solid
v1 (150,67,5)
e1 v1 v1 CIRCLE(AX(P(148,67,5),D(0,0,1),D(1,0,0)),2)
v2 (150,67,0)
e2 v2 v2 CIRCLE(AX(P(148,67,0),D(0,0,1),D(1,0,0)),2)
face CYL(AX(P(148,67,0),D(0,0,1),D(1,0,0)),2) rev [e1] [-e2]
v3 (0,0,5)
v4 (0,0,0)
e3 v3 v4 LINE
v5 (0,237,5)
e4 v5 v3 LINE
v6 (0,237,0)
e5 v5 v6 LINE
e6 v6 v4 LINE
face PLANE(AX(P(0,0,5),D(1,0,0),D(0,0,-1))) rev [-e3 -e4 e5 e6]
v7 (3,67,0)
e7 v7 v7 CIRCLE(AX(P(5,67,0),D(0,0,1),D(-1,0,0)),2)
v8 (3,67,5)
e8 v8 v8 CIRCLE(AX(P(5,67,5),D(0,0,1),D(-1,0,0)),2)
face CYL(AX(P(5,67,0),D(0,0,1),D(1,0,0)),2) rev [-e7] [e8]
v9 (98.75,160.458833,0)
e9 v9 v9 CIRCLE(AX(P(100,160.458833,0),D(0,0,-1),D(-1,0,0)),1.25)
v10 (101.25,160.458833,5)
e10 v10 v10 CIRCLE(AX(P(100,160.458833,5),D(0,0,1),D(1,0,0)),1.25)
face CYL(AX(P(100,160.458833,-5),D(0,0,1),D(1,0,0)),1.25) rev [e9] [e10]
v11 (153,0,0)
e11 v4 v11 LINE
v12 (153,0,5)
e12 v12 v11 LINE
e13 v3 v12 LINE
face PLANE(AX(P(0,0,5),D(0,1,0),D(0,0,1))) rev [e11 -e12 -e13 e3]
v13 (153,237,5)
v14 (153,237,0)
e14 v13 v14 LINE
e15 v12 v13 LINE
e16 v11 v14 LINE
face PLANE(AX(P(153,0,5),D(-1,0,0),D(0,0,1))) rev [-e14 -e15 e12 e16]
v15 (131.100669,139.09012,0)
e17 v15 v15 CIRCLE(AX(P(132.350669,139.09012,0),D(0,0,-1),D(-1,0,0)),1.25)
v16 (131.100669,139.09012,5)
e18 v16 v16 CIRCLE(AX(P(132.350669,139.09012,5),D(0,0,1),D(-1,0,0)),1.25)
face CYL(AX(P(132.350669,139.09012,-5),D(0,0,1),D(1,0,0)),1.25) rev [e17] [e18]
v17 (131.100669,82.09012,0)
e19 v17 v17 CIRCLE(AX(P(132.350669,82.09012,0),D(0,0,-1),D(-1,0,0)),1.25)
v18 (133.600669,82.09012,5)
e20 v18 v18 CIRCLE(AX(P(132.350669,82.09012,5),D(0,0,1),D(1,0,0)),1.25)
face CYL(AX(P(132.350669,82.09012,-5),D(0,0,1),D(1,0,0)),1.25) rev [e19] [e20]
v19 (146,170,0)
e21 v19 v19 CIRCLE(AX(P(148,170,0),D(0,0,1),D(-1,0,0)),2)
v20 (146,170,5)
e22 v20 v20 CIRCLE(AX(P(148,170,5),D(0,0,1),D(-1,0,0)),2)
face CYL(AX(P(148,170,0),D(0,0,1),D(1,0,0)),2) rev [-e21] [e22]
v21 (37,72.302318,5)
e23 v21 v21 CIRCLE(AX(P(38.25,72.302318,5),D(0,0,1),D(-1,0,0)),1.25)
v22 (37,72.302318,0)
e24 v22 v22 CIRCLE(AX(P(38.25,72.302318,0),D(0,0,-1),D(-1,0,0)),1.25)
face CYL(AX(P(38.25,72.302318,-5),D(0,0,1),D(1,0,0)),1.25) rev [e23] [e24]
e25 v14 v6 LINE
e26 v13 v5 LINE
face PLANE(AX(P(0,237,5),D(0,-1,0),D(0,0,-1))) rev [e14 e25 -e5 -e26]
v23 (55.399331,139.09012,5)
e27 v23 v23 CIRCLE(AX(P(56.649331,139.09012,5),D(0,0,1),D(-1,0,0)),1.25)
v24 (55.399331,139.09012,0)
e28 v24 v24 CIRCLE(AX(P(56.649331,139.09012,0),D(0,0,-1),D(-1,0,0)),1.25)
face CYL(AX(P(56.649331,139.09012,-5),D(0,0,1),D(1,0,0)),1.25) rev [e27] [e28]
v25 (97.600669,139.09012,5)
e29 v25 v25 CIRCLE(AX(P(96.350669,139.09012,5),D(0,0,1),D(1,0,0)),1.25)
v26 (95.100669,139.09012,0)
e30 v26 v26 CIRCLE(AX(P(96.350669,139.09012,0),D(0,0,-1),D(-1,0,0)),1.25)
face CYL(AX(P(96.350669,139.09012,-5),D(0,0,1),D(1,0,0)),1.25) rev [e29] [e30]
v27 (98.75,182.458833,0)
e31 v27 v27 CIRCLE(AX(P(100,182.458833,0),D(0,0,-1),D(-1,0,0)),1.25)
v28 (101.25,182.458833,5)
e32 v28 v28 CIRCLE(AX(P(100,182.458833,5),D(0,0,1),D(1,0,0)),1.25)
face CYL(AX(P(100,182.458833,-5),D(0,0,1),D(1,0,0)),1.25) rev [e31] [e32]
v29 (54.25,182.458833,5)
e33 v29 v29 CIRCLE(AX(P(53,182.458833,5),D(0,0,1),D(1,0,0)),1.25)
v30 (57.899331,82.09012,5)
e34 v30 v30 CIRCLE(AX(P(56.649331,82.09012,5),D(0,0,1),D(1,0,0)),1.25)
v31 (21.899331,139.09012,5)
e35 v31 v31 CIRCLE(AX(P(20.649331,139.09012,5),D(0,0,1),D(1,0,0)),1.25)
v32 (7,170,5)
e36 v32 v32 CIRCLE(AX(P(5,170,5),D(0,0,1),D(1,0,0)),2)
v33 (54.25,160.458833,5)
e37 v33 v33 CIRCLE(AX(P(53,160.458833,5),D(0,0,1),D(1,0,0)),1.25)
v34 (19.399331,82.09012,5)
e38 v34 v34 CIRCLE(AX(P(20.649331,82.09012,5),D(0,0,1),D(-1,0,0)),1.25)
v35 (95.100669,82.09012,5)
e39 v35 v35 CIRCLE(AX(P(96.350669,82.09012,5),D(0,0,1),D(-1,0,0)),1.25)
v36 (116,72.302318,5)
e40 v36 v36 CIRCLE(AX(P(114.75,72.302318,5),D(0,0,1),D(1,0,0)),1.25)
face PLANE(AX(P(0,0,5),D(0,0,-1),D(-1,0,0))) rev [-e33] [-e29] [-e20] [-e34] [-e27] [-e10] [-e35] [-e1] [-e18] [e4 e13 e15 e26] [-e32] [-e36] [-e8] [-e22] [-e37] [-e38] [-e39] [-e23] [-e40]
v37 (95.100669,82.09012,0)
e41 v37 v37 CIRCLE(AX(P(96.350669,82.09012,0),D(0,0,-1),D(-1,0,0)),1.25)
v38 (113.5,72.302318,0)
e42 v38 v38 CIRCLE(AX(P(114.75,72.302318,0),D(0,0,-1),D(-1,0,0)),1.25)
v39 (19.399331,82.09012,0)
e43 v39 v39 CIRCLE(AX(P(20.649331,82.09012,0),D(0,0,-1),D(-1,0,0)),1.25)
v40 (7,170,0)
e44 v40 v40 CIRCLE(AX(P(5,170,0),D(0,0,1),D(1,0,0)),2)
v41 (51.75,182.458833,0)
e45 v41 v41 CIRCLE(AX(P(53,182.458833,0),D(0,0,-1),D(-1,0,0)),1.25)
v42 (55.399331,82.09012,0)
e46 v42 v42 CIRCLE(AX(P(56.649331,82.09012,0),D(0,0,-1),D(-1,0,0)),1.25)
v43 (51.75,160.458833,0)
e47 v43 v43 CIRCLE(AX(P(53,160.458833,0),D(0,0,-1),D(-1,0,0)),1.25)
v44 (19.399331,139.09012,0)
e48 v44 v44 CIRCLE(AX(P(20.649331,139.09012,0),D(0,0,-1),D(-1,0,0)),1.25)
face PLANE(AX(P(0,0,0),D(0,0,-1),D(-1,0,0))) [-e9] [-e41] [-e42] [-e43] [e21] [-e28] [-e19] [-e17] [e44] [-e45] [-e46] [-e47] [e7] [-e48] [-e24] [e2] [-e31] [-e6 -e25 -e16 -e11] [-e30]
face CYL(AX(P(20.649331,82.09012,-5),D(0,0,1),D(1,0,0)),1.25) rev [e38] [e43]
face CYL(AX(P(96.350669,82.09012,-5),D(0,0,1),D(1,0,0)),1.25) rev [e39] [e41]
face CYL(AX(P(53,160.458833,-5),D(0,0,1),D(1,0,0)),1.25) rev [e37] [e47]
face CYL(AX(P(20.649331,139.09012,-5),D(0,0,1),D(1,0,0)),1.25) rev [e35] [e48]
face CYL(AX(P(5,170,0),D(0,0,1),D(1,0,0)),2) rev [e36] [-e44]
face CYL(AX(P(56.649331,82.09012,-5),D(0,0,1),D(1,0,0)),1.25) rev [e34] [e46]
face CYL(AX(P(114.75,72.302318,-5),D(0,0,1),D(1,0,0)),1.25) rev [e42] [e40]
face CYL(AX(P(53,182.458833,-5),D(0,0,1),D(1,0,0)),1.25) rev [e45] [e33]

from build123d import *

# Parameters (mm, degrees)
CROQUIS1_W              = 153
CROQUIS1_H              = 237
SALIENTE_EXTRUIR1_DEPTH = 5
CROQUIS2_R              = 2
CORTAR_EXTRUIR1_DEPTH   = 5
CROQUIS3_R              = 1.25
CORTAR_EXTRUIR2_DEPTH   = 10
CROQUIS4_R              = 1.25
CORTAR_EXTRUIR3_DEPTH   = 10


with BuildPart() as part:
    # Croquis1 → Saliente-Extruir1 (new body)
    with BuildSketch(Plane.XY):
        with Locations((76.5, 118.5)):
            Rectangle(CROQUIS1_W, CROQUIS1_H)
    extrude(amount=SALIENTE_EXTRUIR1_DEPTH)

    # Croquis2 → Cortar-Extruir1 (cut)
    with BuildSketch(Plane.XY.offset(5)):
        with Locations((5, 170)):
            Circle(CROQUIS2_R)
        with Locations((148, 170)):
            Circle(CROQUIS2_R)
        with Locations((5, 67)):
            Circle(CROQUIS2_R)
        with Locations((148, 67)):
            Circle(CROQUIS2_R)
    extrude(amount=-CORTAR_EXTRUIR1_DEPTH, mode=Mode.SUBTRACT)

    # Croquis3 → Cortar-Extruir2 (cut)
    with BuildSketch(Plane.XY.offset(5)):
        with Locations((20.649331187, 139.09012035)):
            Circle(CROQUIS3_R)
        with Locations((56.649331187, 139.09012035)):
            Circle(CROQUIS3_R)
        with Locations((56.649331187, 82.09012035)):
            Circle(CROQUIS3_R)
        with Locations((20.649331187, 82.09012035)):
            Circle(CROQUIS3_R)
        with Locations((114.75, 72.302318418)):
            Circle(CROQUIS3_R)
        with Locations((38.25, 72.302318418)):
            Circle(CROQUIS3_R)
        with Locations((132.350668813, 82.09012035)):
            Circle(CROQUIS3_R)
        with Locations((96.350668813, 82.09012035)):
            Circle(CROQUIS3_R)
        with Locations((96.350668813, 139.09012035)):
            Circle(CROQUIS3_R)
        with Locations((132.350668813, 139.09012035)):
            Circle(CROQUIS3_R)
    extrude(amount=-CORTAR_EXTRUIR2_DEPTH, mode=Mode.SUBTRACT)

    # Croquis4 → Cortar-Extruir3 (cut)
    with BuildSketch(Plane.XY.offset(5)):
        with Locations((53, 182.458833487)):
            Circle(CROQUIS4_R)
        with Locations((53, 160.458833487)):
            Circle(CROQUIS4_R)
        with Locations((100, 182.458833487)):
            Circle(CROQUIS4_R)
        with Locations((100, 160.458833487)):
            Circle(CROQUIS4_R)
    extrude(amount=-CORTAR_EXTRUIR3_DEPTH, mode=Mode.SUBTRACT)


solid = part.part
